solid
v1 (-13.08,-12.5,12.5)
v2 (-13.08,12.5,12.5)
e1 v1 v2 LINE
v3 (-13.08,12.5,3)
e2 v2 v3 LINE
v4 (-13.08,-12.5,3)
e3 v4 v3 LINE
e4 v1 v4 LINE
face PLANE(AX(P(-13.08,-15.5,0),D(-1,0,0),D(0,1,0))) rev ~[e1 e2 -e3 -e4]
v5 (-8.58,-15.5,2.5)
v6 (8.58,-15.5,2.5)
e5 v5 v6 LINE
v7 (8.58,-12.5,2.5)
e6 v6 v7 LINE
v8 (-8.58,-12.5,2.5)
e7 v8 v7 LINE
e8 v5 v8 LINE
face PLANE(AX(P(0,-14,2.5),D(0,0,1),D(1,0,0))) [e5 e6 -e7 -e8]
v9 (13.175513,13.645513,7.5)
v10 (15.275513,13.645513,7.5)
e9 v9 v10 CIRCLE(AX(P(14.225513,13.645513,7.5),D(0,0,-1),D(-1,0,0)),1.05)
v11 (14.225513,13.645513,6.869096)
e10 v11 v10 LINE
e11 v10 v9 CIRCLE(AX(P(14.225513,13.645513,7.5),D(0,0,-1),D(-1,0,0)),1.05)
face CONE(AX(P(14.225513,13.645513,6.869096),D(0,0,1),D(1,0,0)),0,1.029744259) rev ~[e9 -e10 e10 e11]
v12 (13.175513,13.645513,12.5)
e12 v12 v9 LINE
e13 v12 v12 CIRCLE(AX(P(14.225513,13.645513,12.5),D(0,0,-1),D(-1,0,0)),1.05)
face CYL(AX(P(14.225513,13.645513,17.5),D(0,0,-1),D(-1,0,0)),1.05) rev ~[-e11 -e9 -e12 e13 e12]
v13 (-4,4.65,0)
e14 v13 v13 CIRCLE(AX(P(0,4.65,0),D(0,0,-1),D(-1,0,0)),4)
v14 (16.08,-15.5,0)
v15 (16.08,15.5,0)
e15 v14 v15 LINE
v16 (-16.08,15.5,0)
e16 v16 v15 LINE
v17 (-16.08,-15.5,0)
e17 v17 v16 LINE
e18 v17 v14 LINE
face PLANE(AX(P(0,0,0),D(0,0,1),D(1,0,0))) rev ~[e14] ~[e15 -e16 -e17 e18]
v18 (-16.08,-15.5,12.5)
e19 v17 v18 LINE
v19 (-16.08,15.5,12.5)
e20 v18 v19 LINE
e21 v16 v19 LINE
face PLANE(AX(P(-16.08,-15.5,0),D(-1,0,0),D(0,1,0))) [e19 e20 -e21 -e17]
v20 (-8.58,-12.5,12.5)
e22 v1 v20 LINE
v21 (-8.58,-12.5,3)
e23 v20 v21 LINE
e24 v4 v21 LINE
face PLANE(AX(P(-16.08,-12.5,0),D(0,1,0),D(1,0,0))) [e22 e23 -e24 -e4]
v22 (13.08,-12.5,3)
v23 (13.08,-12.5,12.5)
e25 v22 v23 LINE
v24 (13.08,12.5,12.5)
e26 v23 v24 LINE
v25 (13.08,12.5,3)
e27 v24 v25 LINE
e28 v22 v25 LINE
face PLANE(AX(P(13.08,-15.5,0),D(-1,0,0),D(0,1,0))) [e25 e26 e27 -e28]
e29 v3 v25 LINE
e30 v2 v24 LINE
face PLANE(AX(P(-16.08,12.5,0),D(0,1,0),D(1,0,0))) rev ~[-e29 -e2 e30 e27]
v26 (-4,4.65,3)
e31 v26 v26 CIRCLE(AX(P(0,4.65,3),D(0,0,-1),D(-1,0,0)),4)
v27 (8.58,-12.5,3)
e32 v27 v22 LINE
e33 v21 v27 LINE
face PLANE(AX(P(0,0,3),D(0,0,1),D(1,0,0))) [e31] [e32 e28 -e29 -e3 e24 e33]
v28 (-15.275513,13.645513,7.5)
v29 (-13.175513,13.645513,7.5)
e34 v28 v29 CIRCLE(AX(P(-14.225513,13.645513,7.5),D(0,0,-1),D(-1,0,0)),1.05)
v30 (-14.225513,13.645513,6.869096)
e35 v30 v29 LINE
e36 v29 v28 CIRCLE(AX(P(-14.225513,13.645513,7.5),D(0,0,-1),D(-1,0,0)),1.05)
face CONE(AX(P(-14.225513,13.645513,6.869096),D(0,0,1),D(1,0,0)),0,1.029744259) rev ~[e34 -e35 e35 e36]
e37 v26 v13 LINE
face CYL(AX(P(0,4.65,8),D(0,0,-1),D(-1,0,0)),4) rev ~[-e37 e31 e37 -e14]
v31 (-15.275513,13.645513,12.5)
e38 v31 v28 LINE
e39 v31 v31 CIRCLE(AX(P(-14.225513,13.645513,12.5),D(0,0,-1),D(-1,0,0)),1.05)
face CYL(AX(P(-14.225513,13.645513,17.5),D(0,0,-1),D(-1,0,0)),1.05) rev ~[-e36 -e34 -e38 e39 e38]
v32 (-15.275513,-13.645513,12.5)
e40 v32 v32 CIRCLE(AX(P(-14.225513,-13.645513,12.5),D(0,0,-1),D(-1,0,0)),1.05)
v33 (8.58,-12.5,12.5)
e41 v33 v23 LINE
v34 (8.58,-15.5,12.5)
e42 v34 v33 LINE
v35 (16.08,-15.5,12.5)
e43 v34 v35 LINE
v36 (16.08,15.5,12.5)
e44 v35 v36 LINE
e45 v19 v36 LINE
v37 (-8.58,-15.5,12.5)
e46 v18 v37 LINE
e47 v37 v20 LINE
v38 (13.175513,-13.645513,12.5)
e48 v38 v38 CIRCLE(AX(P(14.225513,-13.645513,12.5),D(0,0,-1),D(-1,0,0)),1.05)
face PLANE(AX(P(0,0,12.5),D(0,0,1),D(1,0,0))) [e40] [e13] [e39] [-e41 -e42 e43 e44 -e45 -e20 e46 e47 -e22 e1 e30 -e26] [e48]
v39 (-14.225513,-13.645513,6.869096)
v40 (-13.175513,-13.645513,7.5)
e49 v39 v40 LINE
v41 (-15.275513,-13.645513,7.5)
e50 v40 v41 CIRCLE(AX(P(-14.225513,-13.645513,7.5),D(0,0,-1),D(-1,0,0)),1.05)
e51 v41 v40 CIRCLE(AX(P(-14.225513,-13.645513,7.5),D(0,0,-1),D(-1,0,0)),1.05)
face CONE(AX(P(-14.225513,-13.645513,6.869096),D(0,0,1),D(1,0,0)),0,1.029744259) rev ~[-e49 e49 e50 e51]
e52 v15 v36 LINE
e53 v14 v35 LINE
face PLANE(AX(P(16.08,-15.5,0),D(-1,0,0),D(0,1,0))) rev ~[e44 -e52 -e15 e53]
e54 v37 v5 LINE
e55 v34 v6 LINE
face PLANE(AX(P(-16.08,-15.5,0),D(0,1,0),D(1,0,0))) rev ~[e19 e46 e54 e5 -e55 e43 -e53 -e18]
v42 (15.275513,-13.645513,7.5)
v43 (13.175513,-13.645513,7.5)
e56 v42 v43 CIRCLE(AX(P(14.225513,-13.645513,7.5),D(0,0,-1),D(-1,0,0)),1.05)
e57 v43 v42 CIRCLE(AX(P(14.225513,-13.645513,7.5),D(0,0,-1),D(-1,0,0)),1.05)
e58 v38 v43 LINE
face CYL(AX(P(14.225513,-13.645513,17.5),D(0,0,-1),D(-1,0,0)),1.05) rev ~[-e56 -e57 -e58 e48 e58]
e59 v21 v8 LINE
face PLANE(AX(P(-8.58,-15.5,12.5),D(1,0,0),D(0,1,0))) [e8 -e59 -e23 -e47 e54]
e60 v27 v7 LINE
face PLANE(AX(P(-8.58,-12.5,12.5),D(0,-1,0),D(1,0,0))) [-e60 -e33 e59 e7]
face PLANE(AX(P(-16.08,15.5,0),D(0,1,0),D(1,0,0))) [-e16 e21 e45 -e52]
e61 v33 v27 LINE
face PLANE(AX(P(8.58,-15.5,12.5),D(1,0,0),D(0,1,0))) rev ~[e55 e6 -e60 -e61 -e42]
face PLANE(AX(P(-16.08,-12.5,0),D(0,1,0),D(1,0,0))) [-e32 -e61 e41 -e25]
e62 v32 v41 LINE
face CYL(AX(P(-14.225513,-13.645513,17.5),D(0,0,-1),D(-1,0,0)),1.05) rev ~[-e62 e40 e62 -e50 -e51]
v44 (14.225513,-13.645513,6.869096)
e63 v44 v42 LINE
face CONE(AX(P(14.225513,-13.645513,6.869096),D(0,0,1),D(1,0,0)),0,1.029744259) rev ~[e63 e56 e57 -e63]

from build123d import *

# Parameters (mm, degrees)
F0_W     = 32.16
F0_H     = 31
F1_DEPTH = 12.5
F2_T     = -3
F3_W     = 17.16
F3_H     = 3
F4_DEPTH = 10
F6_D     = 8
F6_DEPTH = 5
F6_TIP   = 2.4034424761
F8_D     = 2.1
F8_DEPTH = 5
F8_TIP   = 0.63090365


with BuildPart() as f1:
    # F0 (on Top) → F1 (new body)
    with BuildSketch(Plane.XY):
        Rectangle(F0_W, F0_H)
    extrude(amount=F1_DEPTH)

    # F2
    f2_openings = [f1.faces().sort_by_distance(p)[0] for p in [
        (0, 0, 12.5),
    ]]
    offset(amount=F2_T, openings=f2_openings)

    # F3 (on face) → F4 (cut)
    with BuildSketch(Plane.XY.offset(12.5)):
        with Locations((0, -14)):
            Rectangle(F3_W, F3_H)
    extrude(amount=-F4_DEPTH, mode=Mode.SUBTRACT)

    # F6
    with Locations(Plane.XY.offset(3)):
        with Locations((0, 4.65)):
            Hole(F6_D / 2, depth=F6_DEPTH)
            with Locations((0, 0, -(F6_DEPTH + F6_TIP / 2))):  # 118° drill point
                Cone(0, F6_D / 2, F6_TIP, mode=Mode.SUBTRACT)

    # F8
    with Locations(Plane.XY.offset(12.5)):
        with Locations((-14.2255129855, -13.6455129855), (14.2255129855, -13.6455129855), (14.2255129855, 13.6455129855), (-14.2255129855, 13.6455129855)):
            Hole(F8_D / 2, depth=F8_DEPTH)
            with Locations((0, 0, -(F8_DEPTH + F8_TIP / 2))):  # 118° drill point
                Cone(0, F8_D / 2, F8_TIP, mode=Mode.SUBTRACT)


solid = f1.part
